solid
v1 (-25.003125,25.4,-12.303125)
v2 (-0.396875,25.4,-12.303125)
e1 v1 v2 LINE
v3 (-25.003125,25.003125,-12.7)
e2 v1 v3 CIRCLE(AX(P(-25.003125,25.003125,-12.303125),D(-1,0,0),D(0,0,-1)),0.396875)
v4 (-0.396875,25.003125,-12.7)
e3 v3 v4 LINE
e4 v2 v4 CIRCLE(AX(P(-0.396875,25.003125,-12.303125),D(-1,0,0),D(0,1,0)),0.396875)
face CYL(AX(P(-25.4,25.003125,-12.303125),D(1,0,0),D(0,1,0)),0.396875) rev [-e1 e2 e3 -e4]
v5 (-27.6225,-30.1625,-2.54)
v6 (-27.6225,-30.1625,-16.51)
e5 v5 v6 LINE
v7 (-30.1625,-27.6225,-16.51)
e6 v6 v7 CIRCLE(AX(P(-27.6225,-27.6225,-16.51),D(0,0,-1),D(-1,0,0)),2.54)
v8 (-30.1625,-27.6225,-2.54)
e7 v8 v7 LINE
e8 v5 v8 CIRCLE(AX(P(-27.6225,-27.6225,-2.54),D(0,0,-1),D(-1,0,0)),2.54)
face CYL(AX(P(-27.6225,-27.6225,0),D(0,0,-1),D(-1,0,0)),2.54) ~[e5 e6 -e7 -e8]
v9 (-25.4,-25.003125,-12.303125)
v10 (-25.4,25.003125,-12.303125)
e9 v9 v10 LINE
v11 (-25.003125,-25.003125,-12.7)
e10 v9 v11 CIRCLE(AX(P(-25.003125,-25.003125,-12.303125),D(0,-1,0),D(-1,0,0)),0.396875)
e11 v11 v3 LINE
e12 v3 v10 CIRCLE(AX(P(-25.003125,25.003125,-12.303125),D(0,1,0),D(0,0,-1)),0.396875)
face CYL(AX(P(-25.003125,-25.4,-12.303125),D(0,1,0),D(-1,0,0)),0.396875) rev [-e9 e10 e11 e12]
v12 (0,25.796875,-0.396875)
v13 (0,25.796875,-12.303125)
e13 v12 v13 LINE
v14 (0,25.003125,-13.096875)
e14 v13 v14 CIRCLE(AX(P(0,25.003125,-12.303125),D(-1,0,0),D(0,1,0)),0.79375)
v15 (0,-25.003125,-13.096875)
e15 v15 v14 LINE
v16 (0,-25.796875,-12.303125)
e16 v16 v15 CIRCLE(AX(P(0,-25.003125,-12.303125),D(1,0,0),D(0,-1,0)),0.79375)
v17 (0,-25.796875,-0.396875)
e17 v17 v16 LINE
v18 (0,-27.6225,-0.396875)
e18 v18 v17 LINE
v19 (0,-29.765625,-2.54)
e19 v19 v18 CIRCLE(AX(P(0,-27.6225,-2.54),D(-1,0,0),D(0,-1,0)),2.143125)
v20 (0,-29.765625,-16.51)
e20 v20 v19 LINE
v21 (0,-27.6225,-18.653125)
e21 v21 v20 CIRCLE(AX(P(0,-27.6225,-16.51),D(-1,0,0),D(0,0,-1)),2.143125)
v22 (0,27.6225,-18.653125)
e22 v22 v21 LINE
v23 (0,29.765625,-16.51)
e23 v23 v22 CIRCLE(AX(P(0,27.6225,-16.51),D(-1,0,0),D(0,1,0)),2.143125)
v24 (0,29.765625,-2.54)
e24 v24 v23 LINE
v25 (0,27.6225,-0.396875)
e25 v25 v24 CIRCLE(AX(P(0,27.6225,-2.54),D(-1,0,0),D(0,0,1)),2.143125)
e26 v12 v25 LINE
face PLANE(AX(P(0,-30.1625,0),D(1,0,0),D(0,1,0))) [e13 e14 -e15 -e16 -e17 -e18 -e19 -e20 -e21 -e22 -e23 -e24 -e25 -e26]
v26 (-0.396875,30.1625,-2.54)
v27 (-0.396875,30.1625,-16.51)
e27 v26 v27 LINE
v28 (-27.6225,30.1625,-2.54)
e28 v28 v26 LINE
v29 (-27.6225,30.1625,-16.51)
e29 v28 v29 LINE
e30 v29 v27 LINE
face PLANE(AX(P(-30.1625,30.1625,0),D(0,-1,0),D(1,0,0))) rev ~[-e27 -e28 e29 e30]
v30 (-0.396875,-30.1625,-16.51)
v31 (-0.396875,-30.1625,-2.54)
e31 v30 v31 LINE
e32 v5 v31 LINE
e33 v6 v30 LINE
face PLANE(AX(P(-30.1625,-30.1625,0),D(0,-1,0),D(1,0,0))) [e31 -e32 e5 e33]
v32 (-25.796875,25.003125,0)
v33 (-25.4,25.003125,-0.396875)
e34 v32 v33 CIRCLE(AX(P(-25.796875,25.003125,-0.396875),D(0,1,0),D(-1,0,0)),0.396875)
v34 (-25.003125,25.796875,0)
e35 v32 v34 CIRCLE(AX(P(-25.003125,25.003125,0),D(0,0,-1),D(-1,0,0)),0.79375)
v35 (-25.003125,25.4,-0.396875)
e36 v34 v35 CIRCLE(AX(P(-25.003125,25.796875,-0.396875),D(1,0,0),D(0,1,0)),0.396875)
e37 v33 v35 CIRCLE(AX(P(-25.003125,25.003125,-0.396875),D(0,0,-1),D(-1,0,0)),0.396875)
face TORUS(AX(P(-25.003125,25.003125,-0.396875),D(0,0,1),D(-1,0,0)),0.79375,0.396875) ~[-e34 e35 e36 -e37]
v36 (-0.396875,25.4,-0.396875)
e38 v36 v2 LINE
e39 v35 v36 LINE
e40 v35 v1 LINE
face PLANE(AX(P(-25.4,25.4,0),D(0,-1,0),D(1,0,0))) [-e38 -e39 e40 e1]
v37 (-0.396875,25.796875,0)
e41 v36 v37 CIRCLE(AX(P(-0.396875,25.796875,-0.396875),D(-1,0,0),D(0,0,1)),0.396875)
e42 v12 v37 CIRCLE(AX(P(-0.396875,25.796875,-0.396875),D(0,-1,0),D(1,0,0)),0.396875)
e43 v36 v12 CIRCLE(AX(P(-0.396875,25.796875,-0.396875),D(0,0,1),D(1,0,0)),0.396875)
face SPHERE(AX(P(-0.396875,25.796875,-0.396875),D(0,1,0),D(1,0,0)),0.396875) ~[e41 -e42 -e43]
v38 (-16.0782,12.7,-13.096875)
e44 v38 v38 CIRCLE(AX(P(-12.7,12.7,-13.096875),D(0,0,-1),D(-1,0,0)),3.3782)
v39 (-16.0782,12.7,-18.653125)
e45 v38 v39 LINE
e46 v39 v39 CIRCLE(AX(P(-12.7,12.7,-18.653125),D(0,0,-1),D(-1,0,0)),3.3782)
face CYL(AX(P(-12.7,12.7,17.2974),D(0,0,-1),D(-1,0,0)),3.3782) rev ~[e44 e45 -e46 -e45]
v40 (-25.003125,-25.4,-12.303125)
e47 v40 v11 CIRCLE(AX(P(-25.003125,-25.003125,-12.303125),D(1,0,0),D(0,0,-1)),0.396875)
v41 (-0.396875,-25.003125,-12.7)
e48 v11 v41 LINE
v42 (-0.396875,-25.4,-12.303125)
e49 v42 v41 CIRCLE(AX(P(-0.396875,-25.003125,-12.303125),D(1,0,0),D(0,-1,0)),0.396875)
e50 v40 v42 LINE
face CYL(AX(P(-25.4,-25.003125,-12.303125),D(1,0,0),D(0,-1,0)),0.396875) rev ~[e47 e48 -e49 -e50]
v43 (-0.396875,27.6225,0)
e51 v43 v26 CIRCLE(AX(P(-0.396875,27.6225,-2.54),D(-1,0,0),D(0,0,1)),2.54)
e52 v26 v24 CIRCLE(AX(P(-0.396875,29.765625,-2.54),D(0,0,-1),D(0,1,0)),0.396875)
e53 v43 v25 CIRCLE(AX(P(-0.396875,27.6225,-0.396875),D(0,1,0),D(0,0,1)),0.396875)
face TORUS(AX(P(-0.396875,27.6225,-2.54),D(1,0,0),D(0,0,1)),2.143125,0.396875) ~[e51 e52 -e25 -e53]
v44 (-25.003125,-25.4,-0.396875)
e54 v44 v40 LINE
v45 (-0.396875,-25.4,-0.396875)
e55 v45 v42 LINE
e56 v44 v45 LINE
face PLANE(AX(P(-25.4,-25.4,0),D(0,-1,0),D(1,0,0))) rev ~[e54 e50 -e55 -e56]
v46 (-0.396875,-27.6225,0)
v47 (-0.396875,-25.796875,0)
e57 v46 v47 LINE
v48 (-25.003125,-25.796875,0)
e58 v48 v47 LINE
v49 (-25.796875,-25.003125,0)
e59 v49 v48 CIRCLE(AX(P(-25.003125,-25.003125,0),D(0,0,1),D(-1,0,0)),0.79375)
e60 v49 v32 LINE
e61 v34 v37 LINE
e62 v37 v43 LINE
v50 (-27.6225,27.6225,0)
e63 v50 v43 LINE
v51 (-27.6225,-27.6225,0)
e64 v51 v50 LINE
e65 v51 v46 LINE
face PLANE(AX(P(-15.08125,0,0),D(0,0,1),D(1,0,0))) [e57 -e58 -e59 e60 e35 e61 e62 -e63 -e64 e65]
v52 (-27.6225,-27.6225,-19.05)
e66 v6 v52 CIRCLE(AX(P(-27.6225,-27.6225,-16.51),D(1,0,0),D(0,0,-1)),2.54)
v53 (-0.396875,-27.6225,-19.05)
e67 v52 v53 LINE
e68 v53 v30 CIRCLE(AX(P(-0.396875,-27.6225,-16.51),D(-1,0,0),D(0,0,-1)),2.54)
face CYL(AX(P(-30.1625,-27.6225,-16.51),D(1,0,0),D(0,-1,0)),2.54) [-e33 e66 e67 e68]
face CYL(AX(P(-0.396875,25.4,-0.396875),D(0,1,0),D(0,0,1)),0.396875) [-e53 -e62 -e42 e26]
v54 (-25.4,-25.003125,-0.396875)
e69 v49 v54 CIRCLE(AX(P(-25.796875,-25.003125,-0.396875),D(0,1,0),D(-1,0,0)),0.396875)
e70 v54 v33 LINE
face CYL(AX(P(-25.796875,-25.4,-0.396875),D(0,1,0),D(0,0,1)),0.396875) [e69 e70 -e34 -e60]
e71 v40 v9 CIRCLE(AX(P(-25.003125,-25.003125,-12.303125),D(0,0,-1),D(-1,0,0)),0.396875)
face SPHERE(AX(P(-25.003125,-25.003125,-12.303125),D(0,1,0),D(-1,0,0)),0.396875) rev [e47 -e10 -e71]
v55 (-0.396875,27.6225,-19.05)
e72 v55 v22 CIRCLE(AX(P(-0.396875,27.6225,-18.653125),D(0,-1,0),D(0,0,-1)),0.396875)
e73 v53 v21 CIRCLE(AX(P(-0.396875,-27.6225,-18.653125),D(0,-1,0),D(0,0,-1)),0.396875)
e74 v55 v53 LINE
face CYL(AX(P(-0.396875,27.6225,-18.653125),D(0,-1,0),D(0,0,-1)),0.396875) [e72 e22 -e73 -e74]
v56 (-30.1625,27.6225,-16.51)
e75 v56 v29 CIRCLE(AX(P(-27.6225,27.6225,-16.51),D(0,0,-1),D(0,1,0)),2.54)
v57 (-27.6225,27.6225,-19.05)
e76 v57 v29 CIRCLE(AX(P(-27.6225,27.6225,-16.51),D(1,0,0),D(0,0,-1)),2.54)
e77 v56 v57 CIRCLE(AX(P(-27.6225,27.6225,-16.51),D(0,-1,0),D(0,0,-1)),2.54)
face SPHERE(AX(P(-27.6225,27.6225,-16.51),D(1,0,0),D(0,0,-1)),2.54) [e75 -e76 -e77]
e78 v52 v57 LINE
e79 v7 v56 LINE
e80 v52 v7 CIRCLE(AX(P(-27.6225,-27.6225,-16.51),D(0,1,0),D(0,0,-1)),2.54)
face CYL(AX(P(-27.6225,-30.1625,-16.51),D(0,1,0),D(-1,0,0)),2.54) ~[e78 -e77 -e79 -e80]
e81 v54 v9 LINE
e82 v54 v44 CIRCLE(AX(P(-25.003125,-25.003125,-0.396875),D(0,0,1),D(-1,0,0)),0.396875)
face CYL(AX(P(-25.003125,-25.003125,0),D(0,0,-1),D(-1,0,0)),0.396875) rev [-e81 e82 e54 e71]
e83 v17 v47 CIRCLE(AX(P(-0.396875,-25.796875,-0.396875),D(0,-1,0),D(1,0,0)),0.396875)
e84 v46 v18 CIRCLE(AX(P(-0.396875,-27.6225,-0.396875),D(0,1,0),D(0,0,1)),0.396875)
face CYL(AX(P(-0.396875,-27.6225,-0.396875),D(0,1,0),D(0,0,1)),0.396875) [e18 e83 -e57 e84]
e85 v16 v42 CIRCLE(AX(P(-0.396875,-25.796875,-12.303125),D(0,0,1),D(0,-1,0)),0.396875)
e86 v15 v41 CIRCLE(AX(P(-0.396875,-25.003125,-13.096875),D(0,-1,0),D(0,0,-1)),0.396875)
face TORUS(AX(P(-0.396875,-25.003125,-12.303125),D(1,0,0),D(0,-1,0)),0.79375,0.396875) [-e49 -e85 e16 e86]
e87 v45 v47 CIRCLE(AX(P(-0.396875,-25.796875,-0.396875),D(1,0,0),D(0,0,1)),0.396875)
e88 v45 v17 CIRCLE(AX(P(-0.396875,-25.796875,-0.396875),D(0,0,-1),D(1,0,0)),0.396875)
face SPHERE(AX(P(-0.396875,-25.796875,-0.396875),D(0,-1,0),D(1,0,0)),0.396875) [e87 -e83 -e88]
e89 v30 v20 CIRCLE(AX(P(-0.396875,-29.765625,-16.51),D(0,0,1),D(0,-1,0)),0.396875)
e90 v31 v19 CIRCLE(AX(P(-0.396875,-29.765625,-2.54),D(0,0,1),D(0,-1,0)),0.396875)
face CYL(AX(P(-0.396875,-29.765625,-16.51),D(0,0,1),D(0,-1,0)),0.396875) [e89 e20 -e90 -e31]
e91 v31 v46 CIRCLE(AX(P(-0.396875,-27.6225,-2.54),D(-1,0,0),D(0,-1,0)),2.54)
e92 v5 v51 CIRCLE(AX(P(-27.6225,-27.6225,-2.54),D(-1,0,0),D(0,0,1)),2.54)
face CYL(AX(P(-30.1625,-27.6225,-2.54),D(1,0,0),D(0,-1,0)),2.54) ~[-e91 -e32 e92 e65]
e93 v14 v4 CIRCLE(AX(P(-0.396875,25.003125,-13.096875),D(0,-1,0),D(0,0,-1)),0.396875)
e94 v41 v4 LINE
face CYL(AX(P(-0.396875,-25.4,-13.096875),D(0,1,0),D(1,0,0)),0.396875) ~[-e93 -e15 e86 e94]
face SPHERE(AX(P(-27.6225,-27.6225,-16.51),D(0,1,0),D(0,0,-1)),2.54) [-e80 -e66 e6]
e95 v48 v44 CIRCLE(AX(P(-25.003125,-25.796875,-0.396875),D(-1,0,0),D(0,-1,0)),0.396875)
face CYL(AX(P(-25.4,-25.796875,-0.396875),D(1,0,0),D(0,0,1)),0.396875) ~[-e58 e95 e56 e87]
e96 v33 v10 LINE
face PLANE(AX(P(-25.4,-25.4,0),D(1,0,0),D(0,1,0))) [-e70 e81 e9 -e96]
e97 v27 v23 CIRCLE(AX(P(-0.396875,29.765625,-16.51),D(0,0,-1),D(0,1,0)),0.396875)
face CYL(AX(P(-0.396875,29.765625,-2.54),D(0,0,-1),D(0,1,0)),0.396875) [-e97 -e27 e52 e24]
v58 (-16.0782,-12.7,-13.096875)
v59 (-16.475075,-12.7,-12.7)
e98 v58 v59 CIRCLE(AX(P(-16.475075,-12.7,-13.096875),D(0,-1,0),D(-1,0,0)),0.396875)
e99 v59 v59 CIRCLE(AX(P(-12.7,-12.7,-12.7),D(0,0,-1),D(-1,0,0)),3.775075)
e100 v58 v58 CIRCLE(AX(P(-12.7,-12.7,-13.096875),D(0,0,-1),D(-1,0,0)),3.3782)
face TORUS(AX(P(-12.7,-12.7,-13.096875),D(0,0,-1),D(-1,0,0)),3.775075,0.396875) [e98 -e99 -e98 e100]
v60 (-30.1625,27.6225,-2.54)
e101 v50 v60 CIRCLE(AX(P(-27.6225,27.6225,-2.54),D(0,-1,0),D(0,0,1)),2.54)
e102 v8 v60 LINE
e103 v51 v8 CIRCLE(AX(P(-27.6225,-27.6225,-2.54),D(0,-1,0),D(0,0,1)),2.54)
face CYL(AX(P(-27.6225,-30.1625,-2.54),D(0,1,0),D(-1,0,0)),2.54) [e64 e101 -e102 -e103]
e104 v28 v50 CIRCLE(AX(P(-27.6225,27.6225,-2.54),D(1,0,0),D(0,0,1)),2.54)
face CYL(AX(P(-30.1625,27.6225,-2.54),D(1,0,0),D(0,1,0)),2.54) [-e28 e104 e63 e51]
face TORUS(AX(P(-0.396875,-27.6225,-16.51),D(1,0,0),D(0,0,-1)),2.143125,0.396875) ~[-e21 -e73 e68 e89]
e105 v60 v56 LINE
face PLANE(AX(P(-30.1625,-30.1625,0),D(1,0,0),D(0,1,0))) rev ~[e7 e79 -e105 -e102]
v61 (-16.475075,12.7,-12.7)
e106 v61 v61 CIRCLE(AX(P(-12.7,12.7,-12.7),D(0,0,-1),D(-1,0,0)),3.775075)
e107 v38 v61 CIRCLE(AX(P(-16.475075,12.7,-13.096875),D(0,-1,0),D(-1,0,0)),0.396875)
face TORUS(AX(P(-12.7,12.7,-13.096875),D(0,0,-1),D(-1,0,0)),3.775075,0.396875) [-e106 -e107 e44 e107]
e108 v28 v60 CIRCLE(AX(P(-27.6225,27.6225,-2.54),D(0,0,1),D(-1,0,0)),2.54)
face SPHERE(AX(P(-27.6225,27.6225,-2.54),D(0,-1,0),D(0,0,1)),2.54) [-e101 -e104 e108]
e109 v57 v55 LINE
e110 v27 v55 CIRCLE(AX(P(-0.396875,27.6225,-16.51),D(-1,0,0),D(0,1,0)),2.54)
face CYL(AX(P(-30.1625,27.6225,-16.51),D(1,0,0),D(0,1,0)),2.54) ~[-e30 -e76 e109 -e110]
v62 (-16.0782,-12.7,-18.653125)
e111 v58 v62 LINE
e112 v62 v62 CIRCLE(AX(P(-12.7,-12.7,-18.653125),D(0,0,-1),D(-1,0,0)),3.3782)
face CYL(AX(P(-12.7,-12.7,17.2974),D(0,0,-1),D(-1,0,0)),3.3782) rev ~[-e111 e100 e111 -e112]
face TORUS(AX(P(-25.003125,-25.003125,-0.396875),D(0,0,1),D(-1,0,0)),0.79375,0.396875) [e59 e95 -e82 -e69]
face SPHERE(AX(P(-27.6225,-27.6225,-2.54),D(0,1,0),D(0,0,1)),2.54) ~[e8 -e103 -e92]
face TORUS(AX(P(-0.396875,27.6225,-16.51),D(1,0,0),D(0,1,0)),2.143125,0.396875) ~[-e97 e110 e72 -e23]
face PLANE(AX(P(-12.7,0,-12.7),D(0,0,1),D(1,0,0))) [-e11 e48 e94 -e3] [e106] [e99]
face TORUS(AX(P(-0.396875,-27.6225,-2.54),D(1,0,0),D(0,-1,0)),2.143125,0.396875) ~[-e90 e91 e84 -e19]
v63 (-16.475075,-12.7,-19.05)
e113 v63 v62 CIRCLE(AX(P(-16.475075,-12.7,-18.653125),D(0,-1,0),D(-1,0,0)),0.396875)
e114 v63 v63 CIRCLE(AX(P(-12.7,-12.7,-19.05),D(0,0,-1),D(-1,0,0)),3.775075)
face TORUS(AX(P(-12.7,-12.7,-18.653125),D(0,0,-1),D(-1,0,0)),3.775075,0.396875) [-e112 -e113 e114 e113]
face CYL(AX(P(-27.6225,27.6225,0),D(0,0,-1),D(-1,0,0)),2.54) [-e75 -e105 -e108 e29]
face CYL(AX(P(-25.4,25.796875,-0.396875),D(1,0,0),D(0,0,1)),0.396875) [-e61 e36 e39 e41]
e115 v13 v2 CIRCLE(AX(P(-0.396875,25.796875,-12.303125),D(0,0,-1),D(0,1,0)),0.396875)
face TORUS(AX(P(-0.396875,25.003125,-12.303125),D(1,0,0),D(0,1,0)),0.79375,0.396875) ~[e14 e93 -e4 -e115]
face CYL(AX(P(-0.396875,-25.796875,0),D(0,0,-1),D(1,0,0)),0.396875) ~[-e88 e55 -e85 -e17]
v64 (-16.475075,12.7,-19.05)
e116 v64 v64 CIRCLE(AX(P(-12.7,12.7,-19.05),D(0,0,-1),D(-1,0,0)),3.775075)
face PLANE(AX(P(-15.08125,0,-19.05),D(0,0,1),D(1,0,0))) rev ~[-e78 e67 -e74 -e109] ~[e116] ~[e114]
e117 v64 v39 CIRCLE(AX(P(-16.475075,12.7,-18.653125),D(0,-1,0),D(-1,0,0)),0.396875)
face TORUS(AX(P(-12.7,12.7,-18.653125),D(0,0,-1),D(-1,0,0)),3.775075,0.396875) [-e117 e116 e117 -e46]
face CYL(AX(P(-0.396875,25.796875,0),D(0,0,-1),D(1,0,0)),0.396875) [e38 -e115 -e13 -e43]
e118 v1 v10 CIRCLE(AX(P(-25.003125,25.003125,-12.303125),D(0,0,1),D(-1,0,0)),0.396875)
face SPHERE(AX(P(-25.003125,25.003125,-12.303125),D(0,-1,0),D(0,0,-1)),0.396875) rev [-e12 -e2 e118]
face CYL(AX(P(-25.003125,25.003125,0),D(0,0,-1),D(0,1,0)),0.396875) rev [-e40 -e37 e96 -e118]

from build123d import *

# Parameters (mm, degrees)
SKETCH1_W                   = 30.1625
SKETCH1_H                   = 60.325
BOSS_EXTRUDE1_DEPTH         = 19.05
SKETCH1_3_W                 = 25.4
SKETCH1_3_H                 = 50.8
CUT_EXTRUDE1_DEPTH          = 12.7
F_1_4_CLEARANCE_HOLE1_D     = 6.7564
F_1_4_CLEARANCE_HOLE1_DEPTH = 29.9974
F_1_4_CLEARANCE_HOLE1_TIP   = 2.029827343
FILLET1_R                   = 2.54
FILLET2_R                   = 0.396875


with BuildPart() as part:
    # Sketch1 → Boss-Extrude1 (new body)
    with BuildSketch(Plane.XY):
        with Locations((-15.08125, 0)):
            Rectangle(SKETCH1_W, SKETCH1_H)
    extrude(amount=-BOSS_EXTRUDE1_DEPTH)

    # Sketch1<3> → Cut-Extrude1 (cut)
    with BuildSketch(Plane.XY):
        with Locations((-12.7, 0)):
            Rectangle(SKETCH1_3_W, SKETCH1_3_H)
    extrude(amount=-CUT_EXTRUDE1_DEPTH, mode=Mode.SUBTRACT)

    # 1/4 Clearance Hole1
    with Locations(Plane.XY.offset(-12.7)):
        with Locations((-12.7, 12.7), (-12.7, -12.7)):
            Hole(F_1_4_CLEARANCE_HOLE1_D / 2, depth=F_1_4_CLEARANCE_HOLE1_DEPTH)
            with Locations((0, 0, -(F_1_4_CLEARANCE_HOLE1_DEPTH + F_1_4_CLEARANCE_HOLE1_TIP / 2))):  # 118° drill point
                Cone(0, F_1_4_CLEARANCE_HOLE1_D / 2, F_1_4_CLEARANCE_HOLE1_TIP, mode=Mode.SUBTRACT)

    # Fillet1
    fillet1_edges = [part.edges().sort_by_distance(p)[0] for p in [
        (-15.08125, 30.1625, -19.05),
        (-30.1625, 0, -19.05),
        (-15.08125, -30.1625, -19.05),
        (-30.1625, 0, 0),
        (-15.08125, 30.1625, 0),
        (-15.08125, -30.1625, 0),
        (-30.1625, -30.1625, -9.525),
        (-30.1625, 30.1625, -9.525),
    ]]
    fillet(fillet1_edges, radius=FILLET1_R)

    # Fillet2
    fillet2_edges = [part.edges().sort_by_distance(p)[0] for p in [
        (0, -26.51125, 0),
        (-25.4, 0, -12.7),
        (-25.4, -25.4, -6.35),
        (-12.7, 25.4, -12.7),
        (-25.4, 25.4, -6.35),
        (0, 25.4, -6.35),
        (-12.7, -25.4, -12.7),
        (0, -25.4, -6.35),
        (0, 0, -12.7),
        (-25.4, 0, 0),
        (-12.7, -25.4, 0),
        (-12.7, 25.4, 0),
        (-9.3218, -12.7, -19.05),
        (-9.3218, -12.7, -12.7),
        (-9.3218, 12.7, -19.05),
        (-9.3218, 12.7, -12.7),
        (0, 26.51125, 0),
        (0, 30.1625, -9.525),
        (0, -30.1625, -9.525),
        (0, 0, -19.05),
        (0, 29.418551224, -18.306051224),
        (0, -29.418551224, -18.306051224),
        (0, -29.418551224, -0.743948776),
        (0, 29.418551224, -0.743948776),
    ]]
    fillet(fillet2_edges, radius=FILLET2_R)


solid = part.part
